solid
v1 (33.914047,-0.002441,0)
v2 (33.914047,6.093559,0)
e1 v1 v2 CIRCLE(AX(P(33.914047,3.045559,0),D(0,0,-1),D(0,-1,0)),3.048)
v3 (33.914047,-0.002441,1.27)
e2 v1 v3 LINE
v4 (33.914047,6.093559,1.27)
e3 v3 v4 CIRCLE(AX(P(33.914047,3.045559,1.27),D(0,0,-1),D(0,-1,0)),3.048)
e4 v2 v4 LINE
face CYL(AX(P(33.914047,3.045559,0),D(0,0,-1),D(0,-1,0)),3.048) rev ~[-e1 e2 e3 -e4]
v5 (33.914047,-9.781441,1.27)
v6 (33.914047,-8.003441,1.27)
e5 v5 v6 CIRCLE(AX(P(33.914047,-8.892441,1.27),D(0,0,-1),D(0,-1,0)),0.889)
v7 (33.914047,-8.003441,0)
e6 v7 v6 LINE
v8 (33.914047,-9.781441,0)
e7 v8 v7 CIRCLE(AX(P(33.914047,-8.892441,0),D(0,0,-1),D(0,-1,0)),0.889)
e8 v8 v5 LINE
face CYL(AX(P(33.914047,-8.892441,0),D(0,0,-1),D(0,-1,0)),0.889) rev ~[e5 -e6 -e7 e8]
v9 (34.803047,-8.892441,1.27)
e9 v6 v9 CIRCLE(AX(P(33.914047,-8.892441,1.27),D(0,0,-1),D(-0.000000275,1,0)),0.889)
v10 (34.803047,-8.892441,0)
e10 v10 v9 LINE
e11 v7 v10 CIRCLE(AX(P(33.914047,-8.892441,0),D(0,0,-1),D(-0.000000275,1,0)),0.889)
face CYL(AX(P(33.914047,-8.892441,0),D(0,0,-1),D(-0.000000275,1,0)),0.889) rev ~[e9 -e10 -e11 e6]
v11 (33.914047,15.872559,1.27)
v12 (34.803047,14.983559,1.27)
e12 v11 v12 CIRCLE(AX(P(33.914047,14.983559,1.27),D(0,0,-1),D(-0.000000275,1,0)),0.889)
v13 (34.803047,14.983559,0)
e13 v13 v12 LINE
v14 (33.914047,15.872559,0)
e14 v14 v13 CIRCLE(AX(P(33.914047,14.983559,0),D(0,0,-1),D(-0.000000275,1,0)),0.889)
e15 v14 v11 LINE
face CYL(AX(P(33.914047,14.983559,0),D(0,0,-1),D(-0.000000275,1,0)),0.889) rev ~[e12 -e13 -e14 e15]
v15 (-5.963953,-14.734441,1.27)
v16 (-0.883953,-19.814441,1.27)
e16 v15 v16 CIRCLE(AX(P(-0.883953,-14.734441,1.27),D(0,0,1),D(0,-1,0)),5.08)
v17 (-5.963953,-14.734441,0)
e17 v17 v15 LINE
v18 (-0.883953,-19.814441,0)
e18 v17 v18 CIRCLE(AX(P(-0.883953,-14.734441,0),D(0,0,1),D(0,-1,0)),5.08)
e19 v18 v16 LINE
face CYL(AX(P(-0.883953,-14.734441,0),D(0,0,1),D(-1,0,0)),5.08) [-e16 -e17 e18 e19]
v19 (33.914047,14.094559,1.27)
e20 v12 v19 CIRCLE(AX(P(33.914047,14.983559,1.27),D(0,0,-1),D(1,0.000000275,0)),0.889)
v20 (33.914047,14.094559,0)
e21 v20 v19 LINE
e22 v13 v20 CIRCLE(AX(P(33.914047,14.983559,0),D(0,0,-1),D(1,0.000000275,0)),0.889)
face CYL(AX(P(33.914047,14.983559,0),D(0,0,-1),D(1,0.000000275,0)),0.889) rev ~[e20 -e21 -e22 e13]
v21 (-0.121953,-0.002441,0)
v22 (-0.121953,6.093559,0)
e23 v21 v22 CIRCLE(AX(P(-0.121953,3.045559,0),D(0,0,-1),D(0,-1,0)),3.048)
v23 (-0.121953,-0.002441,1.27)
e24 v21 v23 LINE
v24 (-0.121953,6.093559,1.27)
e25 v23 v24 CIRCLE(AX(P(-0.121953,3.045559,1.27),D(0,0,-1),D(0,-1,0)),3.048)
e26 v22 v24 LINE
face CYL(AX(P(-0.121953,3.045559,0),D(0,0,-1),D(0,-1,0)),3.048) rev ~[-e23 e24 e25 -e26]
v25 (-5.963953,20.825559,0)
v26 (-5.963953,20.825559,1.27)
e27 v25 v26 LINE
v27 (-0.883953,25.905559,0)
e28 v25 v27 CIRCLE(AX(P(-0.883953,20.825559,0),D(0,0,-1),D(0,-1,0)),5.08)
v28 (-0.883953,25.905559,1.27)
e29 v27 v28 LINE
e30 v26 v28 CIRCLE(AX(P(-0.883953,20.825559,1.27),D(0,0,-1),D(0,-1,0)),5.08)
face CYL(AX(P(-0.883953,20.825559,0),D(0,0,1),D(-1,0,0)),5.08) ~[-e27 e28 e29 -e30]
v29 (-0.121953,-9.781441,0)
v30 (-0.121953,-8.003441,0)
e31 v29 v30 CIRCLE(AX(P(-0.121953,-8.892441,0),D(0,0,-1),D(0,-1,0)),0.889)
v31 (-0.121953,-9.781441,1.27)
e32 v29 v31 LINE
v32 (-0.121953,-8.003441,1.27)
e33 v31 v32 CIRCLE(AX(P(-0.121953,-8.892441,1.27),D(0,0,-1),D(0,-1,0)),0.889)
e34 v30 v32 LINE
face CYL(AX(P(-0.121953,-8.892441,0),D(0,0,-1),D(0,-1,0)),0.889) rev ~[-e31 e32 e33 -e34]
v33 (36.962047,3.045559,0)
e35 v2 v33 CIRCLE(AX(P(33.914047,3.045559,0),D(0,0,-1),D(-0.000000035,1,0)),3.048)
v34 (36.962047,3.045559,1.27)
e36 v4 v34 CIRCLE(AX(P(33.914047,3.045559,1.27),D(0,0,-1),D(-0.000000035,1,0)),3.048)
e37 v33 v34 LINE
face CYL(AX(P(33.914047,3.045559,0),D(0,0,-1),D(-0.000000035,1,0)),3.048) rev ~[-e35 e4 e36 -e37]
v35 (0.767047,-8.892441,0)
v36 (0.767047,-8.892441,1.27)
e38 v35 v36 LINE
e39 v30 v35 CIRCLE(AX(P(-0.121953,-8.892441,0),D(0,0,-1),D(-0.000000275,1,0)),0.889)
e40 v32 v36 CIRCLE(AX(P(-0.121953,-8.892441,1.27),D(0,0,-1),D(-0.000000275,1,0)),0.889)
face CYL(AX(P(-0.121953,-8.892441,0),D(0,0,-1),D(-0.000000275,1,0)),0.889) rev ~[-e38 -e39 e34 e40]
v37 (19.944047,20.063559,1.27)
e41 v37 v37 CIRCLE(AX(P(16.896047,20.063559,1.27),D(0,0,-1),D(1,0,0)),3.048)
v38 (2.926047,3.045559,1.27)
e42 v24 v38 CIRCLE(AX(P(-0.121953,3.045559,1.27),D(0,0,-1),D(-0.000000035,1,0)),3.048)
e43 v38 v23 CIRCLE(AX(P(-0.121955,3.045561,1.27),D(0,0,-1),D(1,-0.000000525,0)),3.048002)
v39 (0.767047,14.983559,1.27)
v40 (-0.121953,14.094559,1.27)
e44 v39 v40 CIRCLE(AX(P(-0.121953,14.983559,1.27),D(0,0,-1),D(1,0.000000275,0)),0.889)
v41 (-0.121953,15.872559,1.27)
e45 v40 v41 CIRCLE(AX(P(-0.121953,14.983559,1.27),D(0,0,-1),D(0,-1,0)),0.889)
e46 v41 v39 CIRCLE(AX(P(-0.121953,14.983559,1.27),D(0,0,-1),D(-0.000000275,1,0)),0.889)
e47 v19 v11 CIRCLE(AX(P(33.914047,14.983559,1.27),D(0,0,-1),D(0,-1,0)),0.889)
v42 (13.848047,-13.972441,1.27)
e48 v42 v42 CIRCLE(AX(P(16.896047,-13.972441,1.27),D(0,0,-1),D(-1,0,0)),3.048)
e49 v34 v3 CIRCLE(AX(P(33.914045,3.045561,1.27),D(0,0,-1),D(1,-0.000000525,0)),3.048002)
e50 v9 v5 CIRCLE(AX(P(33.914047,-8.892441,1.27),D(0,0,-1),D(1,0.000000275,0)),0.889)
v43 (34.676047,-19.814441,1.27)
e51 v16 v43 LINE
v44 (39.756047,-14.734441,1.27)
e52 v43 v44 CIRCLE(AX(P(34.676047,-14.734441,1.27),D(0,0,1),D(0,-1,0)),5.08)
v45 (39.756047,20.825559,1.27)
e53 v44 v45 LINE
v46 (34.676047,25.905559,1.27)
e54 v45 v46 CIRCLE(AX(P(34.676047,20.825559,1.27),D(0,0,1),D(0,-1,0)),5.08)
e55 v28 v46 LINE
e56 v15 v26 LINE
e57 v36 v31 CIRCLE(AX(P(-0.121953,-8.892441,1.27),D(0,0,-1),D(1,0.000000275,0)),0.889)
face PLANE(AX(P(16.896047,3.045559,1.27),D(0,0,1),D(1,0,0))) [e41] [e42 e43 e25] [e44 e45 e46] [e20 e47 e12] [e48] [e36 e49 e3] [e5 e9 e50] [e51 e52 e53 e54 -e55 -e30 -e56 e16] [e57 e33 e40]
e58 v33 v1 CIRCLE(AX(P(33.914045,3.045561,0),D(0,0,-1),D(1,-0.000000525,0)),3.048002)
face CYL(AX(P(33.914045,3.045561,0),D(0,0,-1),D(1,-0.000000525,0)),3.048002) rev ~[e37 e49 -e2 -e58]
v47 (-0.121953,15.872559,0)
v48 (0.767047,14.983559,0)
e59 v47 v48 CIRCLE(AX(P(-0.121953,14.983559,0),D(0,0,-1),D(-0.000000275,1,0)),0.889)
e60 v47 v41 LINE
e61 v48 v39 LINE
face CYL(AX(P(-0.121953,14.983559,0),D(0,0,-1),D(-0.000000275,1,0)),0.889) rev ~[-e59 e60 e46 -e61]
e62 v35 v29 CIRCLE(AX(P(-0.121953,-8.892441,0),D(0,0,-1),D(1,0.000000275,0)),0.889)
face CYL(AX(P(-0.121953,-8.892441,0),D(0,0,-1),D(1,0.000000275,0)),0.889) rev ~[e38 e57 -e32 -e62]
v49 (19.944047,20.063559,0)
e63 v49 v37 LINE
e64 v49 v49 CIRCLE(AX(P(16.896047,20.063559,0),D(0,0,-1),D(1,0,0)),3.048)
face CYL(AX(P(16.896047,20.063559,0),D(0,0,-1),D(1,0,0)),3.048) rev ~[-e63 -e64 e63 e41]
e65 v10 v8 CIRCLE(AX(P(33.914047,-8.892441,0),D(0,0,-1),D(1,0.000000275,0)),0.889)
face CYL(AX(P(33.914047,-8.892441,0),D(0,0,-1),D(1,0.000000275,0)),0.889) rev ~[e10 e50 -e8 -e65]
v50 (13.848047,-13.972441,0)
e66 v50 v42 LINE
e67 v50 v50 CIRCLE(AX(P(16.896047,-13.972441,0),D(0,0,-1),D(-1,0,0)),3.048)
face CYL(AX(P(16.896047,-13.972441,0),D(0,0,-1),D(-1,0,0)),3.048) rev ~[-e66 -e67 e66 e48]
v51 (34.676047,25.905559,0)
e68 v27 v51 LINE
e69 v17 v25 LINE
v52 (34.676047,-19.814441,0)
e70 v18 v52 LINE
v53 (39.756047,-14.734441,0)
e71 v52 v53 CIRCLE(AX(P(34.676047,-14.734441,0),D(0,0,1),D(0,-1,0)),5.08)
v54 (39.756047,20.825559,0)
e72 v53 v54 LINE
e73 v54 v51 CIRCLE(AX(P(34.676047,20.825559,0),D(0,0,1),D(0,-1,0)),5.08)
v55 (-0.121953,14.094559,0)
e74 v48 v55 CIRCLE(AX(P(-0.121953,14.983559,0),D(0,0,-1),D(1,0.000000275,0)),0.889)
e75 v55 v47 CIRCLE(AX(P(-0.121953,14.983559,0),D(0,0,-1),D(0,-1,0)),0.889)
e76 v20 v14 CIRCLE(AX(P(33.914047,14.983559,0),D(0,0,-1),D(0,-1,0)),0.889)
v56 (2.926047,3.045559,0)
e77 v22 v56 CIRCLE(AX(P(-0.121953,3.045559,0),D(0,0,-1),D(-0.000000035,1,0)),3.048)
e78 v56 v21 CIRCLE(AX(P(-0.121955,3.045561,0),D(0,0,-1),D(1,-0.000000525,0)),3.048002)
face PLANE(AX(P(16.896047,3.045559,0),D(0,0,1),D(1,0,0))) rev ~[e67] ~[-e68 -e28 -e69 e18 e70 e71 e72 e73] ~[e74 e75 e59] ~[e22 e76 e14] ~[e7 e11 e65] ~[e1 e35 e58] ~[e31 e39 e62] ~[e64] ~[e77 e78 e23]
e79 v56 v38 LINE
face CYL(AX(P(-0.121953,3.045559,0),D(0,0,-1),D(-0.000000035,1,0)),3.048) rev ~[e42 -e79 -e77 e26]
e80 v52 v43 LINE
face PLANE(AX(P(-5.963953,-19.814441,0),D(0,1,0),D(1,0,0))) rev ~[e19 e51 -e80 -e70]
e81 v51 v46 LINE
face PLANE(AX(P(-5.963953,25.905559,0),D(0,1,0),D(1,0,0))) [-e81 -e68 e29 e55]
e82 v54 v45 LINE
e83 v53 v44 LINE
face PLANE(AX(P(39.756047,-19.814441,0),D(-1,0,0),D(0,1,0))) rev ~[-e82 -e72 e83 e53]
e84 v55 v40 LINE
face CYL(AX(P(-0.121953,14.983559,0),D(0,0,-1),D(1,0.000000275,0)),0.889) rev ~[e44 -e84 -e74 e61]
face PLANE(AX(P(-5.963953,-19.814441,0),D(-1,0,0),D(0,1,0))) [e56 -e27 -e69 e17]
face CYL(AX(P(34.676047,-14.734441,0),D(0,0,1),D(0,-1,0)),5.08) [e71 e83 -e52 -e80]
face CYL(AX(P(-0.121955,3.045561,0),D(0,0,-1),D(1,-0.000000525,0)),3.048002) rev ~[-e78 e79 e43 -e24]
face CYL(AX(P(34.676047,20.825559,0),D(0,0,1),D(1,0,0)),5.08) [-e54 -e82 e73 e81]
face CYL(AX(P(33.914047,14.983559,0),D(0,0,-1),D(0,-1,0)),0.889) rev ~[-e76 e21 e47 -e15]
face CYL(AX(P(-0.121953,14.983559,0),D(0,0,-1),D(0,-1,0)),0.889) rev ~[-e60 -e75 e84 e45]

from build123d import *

# Parameters (mm, degrees)
F0_W     = 45.72
F0_H     = 45.72
F1_DEPTH = 1.27
F2_R     = 5.08


with BuildPart() as f1:
    # F0 (on Top) → F1 (new body)
    with BuildSketch(Plane.XY):
        with Locations((16.896047, 3.045559)):
            Rectangle(F0_W, F0_H)
        with BuildLine():
            ThreePointArc((13.848047, 20.063559), (16.896047, 23.111559), (19.944047, 20.063559))
            Line((19.944047, 20.063559), (33.914047, 20.063559))
            Line((33.914047, 20.063559), (33.914047, 15.872559))
            ThreePointArc((33.914047, 15.872559), (34.542665, 15.612177), (34.803047, 14.983559))
            ThreePointArc((34.803047, 14.983559), (34.542665, 14.354941), (33.914047, 14.094559))
            Line((33.914047, 14.094559), (33.914047, 6.093559))
            ThreePointArc((33.914047, 6.093559), (36.069308, 5.200821), (36.962047, 3.045559))
            ThreePointArc((36.962047, 3.045559), (36.069308, 0.890298), (33.914047, -0.002441))
            Line((33.914047, -0.002441), (33.914047, -8.003441))
            ThreePointArc((33.914047, -8.003441), (34.542665, -8.263823), (34.803047, -8.892441))
            ThreePointArc((34.803047, -8.892441), (34.542665, -9.521059), (33.914047, -9.781441))
            Line((33.914047, -9.781441), (33.914047, -13.972441))
            Line((33.914047, -13.972441), (19.944047, -13.972441))
            ThreePointArc((19.944047, -13.972441), (16.896047, -17.020441), (13.848047, -13.972441))
            Line((13.848047, -13.972441), (-0.121953, -13.972441))
            Line((-0.121953, -13.972441), (-0.121953, -9.781441))
            ThreePointArc((-0.121953, -9.781441), (-1.010953, -8.892441), (-0.121953, -8.003441))
            Line((-0.121953, -8.003441), (-0.121953, -0.002441))
            ThreePointArc((-0.121953, -0.002441), (-3.169953, 3.045559), (-0.121953, 6.093559))
            Line((-0.121953, 6.093559), (-0.121953, 14.094559))
            ThreePointArc((-0.121953, 14.094559), (-1.010953, 14.983559), (-0.121953, 15.872559))
            Line((-0.121953, 15.872559), (-0.121953, 20.063559))
            Line((-0.121953, 20.063559), (13.848047, 20.063559))
        make_face(mode=Mode.SUBTRACT)
        with BuildLine():
            Line((33.914047, 20.063559), (19.944047, 20.063559))
            ThreePointArc((19.944047, 20.063559), (16.896047, 17.015559), (13.848047, 20.063559))
            Line((13.848047, 20.063559), (-0.121953, 20.063559))
            Line((-0.121953, 20.063559), (-0.121953, 15.872559))
            ThreePointArc((-0.121953, 15.872559), (0.506665, 15.612177), (0.767047, 14.983559))
            ThreePointArc((0.767047, 14.983559), (0.506665, 14.354941), (-0.121953, 14.094559))
            Line((-0.121953, 14.094559), (-0.121953, 6.093559))
            ThreePointArc((-0.121953, 6.093559), (2.033308, 5.200821), (2.926047, 3.045559))
            ThreePointArc((2.926047, 3.045559), (2.033308, 0.890298), (-0.121953, -0.002441))
            Line((-0.121953, -0.002441), (-0.121953, -8.003441))
            ThreePointArc((-0.121953, -8.003441), (0.506665, -8.263823), (0.767047, -8.892441))
            ThreePointArc((0.767047, -8.892441), (0.506665, -9.521059), (-0.121953, -9.781441))
            Line((-0.121953, -9.781441), (-0.121953, -13.972441))
            Line((-0.121953, -13.972441), (13.848047, -13.972441))
            ThreePointArc((13.848047, -13.972441), (16.896047, -10.924441), (19.944047, -13.972441))
            Line((19.944047, -13.972441), (33.914047, -13.972441))
            Line((33.914047, -13.972441), (33.914047, -9.781441))
            ThreePointArc((33.914047, -9.781441), (33.025047, -8.892441), (33.914047, -8.003441))
            Line((33.914047, -8.003441), (33.914047, -0.002441))
            ThreePointArc((33.914047, -0.002441), (30.866047, 3.045559), (33.914047, 6.093559))
            Line((33.914047, 6.093559), (33.914047, 14.094559))
            ThreePointArc((33.914047, 14.094559), (33.025047, 14.983559), (33.914047, 15.872559))
            Line((33.914047, 15.872559), (33.914047, 20.063559))
        make_face()
    extrude(amount=F1_DEPTH)

    # F2
    f2_edges = [f1.edges().sort_by_distance(p)[0] for p in [
        (-5.963953, -19.814441, 0.635),
        (39.756047, -19.814441, 0.635),
        (39.756047, 25.905559, 0.635),
        (-5.963953, 25.905559, 0.635),
    ]]
    fillet(f2_edges, radius=F2_R)


solid = f1.part
